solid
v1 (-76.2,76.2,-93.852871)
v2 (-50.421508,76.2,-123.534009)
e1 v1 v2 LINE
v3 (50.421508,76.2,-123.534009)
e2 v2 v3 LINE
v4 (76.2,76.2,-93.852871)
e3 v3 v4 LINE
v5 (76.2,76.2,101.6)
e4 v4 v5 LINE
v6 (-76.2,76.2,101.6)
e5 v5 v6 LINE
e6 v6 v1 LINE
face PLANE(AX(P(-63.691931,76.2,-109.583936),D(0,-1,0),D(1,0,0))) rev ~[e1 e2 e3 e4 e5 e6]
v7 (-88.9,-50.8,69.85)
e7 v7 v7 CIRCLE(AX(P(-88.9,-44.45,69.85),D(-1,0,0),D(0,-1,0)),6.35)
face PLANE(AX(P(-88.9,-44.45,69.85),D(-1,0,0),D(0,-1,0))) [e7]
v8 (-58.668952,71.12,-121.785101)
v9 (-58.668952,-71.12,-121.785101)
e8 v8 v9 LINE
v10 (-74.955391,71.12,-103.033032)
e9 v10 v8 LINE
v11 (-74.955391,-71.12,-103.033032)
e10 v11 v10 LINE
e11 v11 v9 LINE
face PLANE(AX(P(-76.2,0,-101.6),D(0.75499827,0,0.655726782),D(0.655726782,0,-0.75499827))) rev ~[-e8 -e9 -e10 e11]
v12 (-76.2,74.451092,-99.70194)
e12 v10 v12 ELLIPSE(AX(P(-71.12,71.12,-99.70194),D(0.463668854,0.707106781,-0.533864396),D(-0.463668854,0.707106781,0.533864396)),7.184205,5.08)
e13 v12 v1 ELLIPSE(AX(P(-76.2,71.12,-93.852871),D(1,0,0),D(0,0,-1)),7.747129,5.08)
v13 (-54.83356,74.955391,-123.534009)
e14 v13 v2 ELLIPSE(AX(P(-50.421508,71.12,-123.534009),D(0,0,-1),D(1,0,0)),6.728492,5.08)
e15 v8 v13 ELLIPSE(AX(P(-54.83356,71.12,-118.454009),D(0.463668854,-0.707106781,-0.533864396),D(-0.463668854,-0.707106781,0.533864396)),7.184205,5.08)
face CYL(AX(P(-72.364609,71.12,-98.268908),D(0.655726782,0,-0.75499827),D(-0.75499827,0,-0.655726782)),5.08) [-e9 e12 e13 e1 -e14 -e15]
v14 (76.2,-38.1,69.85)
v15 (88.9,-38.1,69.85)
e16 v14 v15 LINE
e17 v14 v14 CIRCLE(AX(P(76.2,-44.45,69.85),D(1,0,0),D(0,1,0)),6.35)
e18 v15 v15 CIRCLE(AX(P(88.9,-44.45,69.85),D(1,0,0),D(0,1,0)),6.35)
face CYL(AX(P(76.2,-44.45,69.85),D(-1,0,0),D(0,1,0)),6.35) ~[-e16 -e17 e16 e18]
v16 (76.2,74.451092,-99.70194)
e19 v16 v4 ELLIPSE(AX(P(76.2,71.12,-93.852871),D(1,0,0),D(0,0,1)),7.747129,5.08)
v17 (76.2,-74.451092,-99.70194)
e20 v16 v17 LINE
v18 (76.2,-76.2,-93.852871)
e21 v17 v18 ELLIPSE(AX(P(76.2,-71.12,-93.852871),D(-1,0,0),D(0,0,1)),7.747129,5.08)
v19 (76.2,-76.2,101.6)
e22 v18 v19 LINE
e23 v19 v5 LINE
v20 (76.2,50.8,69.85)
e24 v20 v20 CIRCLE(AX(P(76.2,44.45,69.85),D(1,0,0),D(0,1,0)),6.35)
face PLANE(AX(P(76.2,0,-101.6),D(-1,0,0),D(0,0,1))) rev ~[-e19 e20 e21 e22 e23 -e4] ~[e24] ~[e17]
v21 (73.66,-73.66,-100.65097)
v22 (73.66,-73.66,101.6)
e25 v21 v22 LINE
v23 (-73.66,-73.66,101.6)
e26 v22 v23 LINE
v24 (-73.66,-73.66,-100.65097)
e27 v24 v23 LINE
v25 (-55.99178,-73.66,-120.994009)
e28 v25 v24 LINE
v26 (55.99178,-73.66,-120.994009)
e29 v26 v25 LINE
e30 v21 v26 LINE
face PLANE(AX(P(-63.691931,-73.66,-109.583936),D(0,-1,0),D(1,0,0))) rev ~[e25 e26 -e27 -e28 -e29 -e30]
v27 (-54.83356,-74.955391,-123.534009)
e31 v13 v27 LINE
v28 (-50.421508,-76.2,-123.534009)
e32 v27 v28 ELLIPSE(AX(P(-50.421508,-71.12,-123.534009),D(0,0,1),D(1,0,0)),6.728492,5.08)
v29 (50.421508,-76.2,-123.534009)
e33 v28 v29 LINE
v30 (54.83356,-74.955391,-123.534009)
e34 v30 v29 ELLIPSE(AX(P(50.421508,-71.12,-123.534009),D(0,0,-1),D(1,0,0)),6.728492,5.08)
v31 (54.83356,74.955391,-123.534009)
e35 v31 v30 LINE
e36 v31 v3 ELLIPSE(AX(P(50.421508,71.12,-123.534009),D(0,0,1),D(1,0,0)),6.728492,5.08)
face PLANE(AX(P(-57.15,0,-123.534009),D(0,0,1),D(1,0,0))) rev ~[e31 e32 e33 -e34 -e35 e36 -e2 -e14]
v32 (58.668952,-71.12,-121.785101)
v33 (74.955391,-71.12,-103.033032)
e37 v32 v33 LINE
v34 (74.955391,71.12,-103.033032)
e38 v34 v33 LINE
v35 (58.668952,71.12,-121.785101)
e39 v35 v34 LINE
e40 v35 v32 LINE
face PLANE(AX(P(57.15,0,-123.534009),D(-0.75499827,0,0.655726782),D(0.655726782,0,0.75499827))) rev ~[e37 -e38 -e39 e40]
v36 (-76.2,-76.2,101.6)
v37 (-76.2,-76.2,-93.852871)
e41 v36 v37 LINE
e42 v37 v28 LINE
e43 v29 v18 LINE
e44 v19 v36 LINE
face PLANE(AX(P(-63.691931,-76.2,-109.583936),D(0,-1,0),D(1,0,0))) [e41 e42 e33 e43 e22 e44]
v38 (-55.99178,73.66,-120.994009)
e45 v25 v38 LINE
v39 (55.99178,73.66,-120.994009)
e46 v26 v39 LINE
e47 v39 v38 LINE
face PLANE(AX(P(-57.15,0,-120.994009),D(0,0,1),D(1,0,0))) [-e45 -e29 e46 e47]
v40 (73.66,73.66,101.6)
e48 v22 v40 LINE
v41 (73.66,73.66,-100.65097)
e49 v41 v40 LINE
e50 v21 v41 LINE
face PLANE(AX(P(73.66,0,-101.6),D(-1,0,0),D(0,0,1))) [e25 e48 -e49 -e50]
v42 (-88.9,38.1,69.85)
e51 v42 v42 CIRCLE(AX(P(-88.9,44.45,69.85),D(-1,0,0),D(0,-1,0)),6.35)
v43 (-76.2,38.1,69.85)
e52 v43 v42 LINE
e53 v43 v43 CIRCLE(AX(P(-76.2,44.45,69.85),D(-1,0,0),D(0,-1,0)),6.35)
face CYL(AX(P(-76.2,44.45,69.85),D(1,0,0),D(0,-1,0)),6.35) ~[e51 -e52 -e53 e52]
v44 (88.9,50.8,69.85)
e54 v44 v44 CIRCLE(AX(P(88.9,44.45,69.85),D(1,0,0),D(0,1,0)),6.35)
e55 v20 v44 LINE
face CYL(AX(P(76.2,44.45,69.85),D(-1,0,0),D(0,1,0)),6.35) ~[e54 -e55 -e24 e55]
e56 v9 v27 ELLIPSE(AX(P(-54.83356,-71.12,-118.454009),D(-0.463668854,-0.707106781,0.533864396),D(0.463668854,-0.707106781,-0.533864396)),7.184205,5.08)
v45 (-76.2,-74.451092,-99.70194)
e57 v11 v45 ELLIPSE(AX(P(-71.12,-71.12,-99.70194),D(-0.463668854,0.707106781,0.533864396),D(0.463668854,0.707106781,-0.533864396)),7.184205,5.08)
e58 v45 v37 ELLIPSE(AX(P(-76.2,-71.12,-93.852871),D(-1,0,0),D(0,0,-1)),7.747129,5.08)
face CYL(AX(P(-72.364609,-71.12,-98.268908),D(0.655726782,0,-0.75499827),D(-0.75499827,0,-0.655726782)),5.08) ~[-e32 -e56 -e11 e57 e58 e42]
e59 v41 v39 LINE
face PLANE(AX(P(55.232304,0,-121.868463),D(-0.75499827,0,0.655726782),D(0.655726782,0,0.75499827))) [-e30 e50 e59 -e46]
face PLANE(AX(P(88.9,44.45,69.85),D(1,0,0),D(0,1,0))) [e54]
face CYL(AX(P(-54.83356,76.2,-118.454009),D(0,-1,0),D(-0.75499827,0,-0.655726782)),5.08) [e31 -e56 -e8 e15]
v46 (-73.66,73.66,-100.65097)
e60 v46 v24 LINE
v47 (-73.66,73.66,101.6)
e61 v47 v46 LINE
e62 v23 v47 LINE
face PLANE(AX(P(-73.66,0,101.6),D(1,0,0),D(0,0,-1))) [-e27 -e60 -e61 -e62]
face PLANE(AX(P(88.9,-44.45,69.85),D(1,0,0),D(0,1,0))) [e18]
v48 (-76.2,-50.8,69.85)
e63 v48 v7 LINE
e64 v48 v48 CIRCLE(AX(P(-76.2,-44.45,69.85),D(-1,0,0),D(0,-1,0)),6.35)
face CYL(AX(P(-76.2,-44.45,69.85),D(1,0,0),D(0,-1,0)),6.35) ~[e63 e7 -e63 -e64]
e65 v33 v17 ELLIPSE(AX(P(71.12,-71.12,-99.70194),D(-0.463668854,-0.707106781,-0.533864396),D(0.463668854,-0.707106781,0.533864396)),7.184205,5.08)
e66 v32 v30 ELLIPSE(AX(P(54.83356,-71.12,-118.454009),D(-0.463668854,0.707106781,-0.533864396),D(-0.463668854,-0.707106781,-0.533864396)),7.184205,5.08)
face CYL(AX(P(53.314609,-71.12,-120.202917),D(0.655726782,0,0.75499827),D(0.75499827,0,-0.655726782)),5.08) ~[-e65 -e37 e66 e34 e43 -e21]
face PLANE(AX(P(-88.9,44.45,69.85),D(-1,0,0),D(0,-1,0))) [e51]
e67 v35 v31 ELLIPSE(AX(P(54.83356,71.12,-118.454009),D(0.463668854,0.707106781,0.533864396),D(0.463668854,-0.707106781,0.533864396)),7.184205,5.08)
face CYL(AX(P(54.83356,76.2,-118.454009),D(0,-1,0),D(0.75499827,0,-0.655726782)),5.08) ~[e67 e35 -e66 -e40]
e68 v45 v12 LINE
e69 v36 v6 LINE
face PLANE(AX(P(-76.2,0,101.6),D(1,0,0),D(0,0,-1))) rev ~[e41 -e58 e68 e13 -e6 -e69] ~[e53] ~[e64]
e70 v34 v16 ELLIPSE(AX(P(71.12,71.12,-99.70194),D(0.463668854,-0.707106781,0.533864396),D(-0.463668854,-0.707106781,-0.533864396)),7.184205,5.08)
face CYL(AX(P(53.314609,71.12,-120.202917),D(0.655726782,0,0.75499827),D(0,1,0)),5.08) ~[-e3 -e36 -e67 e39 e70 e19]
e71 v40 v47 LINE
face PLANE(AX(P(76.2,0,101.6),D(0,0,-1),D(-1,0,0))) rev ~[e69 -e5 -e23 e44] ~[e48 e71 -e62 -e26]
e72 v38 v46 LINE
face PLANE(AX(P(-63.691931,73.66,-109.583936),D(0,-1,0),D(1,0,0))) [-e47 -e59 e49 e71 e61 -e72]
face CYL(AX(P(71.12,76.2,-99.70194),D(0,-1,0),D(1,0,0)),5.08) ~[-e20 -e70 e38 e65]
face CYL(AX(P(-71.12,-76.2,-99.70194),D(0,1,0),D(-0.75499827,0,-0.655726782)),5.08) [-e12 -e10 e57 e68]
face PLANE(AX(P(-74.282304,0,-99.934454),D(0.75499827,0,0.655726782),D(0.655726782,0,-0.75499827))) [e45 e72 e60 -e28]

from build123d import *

# Parameters (mm, degrees)
F0_W          = 114.3
F0_H          = 21.9340088606
F1_DEPTH      = 76.2
F1_DEPTH_BACK = 76.2
F2_T          = -2.54
F3_R          = 5.08
F4_R          = 6.35
F5_DEPTH      = 12.7
F6_R          = 6.35
F7_DEPTH      = 12.7


with BuildPart() as f1:
    # F0 (on Front) → F1 (new body, two sides)
    with BuildSketch(Plane.XZ) as f1_sk:
        Polygon((-57.15, -101.6), (-76.2, -101.6), (-57.15, -123.5340088606), align=None)
        Polygon((76.2, -101.6), (57.15, -101.6), (57.15, -123.5340088606), align=None)
        Polygon((-76.2, 101.6), (-76.2, -101.6), (-57.15, -101.6), (-57.15, -79.6659911394), (57.15, -79.6659911394), (57.15, -101.6), (76.2, -101.6), (76.2, 101.6), align=None)
        with Locations((0, -90.6329955697)):
            Rectangle(F0_W, F0_H)
        with Locations((0, -112.5670044303)):
            Rectangle(F0_W, F0_H)
    extrude(amount=-F1_DEPTH)
    extrude(f1_sk.sketch, amount=F1_DEPTH_BACK)

    # F2
    f2_openings = [f1.faces().sort_by_distance(p)[0] for p in [
        (0, 0, 101.6),
    ]]
    offset(amount=F2_T, openings=f2_openings)

    # F3
    f3_edges = [f1.edges().sort_by_distance(p)[0] for p in [
        (-66.675, 76.2, -112.567004),
        (-57.15, 0, -123.534009),
        (-66.675, -76.2, -112.567004),
        (-76.2, 0, -101.6),
        (57.15, 0, -123.534009),
        (66.675, 76.2, -112.567004),
        (76.2, 0, -101.6),
        (66.675, -76.2, -112.567004),
    ]]
    fillet(f3_edges, radius=F3_R)

    # F4 (on face) → F5 (join)
    with BuildSketch(Plane(origin=(-76.2, 0, 0), x_dir=(0, -1, 0), z_dir=(-1, 0, 0))):
        with Locations((-44.45, 69.85)):
            Circle(F4_R)
        with Locations((44.45, 69.85)):
            Circle(F4_R)
    extrude(amount=F5_DEPTH)

    # F6 (on face) → F7 (join)
    with BuildSketch(Plane.YZ.offset(76.2)):
        with Locations((-44.45, 69.85)):
            Circle(F6_R)
        with Locations((44.45, 69.85)):
            Circle(F6_R)
    extrude(amount=F7_DEPTH)


solid = f1.part
